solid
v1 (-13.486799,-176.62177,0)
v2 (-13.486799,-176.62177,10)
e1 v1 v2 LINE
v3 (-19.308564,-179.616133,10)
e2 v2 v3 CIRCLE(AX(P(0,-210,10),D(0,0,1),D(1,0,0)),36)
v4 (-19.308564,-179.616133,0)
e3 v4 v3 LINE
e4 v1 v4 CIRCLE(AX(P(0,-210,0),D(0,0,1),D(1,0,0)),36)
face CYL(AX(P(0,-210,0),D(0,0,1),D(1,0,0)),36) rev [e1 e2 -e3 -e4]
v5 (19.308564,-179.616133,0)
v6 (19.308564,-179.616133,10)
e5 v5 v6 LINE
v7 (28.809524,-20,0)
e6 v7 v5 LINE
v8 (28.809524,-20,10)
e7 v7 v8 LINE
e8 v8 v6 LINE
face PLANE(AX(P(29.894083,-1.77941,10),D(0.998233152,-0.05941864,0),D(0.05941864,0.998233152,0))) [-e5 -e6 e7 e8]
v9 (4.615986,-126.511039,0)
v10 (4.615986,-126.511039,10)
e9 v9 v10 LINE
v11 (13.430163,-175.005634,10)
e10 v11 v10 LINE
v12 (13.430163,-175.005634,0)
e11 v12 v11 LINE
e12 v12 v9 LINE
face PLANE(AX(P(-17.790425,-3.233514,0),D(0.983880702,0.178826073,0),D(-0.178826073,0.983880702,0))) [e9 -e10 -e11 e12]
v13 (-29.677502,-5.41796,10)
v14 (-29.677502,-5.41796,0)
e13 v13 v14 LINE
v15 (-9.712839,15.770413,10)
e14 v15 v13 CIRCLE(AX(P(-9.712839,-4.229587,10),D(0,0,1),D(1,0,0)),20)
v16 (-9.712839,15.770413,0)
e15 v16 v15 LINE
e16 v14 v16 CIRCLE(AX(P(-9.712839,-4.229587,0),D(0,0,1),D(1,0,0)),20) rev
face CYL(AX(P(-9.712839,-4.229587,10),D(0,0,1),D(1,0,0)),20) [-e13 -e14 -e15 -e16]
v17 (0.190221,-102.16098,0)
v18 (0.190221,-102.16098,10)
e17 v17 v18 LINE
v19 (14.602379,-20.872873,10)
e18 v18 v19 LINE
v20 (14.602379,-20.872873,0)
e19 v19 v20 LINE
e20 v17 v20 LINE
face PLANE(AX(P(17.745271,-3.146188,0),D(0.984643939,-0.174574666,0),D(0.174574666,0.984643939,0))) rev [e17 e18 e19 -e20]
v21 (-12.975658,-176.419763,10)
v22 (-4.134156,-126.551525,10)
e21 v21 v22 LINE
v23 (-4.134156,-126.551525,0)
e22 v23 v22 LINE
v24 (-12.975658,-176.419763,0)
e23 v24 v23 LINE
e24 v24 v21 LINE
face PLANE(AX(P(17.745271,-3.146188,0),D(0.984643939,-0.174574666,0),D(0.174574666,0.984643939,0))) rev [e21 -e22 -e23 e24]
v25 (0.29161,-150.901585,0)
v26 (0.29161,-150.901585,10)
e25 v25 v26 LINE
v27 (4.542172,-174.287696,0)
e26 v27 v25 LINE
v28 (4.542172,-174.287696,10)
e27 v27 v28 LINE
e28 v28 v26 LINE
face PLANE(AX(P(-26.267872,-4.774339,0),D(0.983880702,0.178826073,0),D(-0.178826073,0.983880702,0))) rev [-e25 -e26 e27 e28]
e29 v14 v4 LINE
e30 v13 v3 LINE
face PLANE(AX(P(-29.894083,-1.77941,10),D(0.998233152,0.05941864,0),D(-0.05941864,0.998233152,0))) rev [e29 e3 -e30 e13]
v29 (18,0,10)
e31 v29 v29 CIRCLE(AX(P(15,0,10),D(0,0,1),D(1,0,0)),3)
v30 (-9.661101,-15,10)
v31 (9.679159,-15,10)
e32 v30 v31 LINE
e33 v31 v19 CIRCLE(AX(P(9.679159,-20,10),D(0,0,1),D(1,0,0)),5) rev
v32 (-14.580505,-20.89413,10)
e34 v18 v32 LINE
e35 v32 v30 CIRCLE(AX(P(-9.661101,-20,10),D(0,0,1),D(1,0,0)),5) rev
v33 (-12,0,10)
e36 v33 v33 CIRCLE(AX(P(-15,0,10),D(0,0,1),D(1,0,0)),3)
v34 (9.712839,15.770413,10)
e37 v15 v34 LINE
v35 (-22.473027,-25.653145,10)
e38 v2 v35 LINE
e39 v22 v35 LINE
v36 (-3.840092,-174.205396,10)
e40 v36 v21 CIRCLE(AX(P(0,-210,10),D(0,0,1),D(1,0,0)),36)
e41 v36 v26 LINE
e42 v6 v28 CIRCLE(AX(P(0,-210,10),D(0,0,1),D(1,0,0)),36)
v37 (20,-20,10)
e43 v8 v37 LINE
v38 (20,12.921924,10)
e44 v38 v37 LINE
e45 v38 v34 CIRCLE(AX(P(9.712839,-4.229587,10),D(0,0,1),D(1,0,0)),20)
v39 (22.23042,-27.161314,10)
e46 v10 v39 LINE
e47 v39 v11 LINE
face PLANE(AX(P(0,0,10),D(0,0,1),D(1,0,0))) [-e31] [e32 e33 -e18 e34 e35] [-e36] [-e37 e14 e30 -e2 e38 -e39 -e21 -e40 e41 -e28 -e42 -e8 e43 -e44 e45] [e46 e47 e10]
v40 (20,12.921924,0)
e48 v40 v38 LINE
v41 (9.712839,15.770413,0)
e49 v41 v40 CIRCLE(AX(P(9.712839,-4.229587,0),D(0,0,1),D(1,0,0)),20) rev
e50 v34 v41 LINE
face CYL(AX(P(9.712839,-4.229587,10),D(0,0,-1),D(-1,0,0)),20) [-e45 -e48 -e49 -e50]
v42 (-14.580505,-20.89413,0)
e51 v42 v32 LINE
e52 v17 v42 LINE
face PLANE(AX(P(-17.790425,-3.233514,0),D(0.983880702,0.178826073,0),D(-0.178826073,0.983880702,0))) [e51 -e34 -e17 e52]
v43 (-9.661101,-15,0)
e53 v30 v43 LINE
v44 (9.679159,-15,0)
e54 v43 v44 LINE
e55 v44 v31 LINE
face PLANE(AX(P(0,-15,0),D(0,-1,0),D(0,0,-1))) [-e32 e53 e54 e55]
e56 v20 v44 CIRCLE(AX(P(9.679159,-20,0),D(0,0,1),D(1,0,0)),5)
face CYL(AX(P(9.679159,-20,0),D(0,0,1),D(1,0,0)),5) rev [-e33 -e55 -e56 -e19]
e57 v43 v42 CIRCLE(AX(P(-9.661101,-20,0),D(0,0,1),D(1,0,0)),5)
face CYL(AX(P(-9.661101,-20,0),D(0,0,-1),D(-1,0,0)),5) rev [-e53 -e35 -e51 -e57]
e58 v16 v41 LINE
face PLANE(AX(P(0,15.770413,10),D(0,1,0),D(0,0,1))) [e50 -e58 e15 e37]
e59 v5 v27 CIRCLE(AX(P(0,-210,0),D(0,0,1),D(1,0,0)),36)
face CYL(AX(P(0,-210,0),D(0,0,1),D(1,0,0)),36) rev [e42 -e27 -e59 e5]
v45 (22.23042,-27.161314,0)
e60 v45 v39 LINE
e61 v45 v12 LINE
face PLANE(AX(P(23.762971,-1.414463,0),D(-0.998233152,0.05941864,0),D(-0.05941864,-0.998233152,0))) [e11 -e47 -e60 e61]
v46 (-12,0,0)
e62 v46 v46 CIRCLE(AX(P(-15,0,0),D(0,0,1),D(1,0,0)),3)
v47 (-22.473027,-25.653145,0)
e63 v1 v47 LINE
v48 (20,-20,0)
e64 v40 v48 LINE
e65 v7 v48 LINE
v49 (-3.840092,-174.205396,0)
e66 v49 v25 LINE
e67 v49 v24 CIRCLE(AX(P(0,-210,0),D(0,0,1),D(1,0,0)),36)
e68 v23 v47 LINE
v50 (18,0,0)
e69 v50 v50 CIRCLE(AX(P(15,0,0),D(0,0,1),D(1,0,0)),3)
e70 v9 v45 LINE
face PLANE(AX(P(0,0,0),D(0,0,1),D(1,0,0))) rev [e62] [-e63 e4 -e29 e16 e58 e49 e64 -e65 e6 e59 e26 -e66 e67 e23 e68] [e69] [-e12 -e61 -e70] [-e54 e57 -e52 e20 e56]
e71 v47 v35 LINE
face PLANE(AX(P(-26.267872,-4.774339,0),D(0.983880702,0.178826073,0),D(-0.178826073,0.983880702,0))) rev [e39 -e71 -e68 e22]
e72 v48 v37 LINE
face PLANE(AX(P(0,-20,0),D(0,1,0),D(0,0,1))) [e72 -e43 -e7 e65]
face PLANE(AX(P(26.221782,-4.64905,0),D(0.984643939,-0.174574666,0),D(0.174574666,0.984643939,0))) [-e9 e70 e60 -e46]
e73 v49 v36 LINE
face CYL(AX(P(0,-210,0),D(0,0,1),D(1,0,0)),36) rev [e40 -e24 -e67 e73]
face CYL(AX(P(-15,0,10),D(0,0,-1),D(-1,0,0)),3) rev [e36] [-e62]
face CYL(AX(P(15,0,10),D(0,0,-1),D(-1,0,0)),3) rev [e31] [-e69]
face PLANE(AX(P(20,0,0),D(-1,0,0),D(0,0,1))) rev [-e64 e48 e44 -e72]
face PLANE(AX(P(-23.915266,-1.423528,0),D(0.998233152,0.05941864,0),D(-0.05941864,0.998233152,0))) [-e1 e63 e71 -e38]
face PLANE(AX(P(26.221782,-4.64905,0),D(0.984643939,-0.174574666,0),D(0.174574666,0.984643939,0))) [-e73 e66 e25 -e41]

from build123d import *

# Parameters (mm, degrees)
SKETCH1_R           = 3
BOSS_EXTRUDE2_DEPTH = 10
FILLET1_R           = 20
FILLET2_R           = 20
CUT_EXTRUDE1_START  = -10
CUT_EXTRUDE1_DEPTH  = 10
FILLET3_R           = 5
CUT_EXTRUDE5_START  = -10
SKETCH5_W           = 12
SKETCH5_H           = 10
CUT_EXTRUDE5_DEPTH  = 10


with BuildPart() as part:
    # Sketch1 → Boss-Extrude2 (new body)
    with BuildSketch(Plane.XY):
        with BuildLine():
            Line((-30, 15.770412854), (-30, 0))
            Line((-30, 0), (-17.5, -210))
            ThreePointArc((-17.5, -210), (0, -227.5), (17.5, -210))
            Line((17.5, -210), (30, 0))
            Line((30, 0), (30, 15.770412854))
            Line((30, 15.770412854), (-30, 15.770412854))
        make_face()
        with Locations((-15, 0)):
            Circle(SKETCH1_R, mode=Mode.SUBTRACT)
        with Locations((15, 0)):
            Circle(SKETCH1_R, mode=Mode.SUBTRACT)
        Polygon((0, -205), (6, -205), (6, -215), (-6, -215), (-6, -205), align=None, mode=Mode.SUBTRACT)
    extrude(amount=BOSS_EXTRUDE2_DEPTH)

    # Fillet1
    fillet1_edges = [part.edges().sort_by_distance(p)[0] for p in [
        (-30, 15.770412854, 5),
    ]]
    fillet(fillet1_edges, radius=FILLET1_R)

    # Fillet2
    fillet2_edges = [part.edges().sort_by_distance(p)[0] for p in [
        (30, 15.770412854, 5),
    ]]
    fillet(fillet2_edges, radius=FILLET2_R)

    # Sketch4 → Cut-Extrude1 (cut)
    with BuildSketch(Plane.XY.offset(10).offset(CUT_EXTRUDE1_START)):
        Polygon((-15.651797422, -15), (0.190220551, -102.160979768), (15.643622882, -15), (15, -15), align=None)
        Polygon((-22.473027071, -25.6531452), (-13.367328465, -178.628881795), (-4.134156204, -126.551525408), align=None)
        Polygon((22.230419841, -27.161313899), (4.615986353, -126.511039477), (13.430162671, -175.005634359), align=None)
        with BuildLine():
            Line((0.291609598, -150.901585116), (-7.372445375, -194.128735111))
            ThreePointArc((-7.372445375, -194.128735111), (0.476576628, -192.506490497), (8.225632191, -194.553674383))
            Line((8.225632191, -194.553674383), (0.291609598, -150.901585116))
        make_face()
    extrude(amount=CUT_EXTRUDE1_DEPTH, mode=Mode.SUBTRACT)

    # Fillet3
    fillet3_edges = [part.edges().sort_by_distance(p)[0] for p in [
        (8.225632191, -194.553674383, 5),
        (-7.372445375, -194.128735111, 5),
        (-15.651797422, -15, 5),
        (15.643622882, -15, 5),
    ]]
    fillet(fillet3_edges, radius=FILLET3_R)

    # Sketch5 → Cut-Extrude5 (cut)
    # profile 1 of 10: a face of its own
    with BuildSketch(Plane.XY.offset(10).offset(CUT_EXTRUDE5_START)):
        with BuildLine():
            Line((29.260488635, 0), (20, 0))
            Line((20, 0), (20, -20))
            Line((20, -20), (28.80952381, -20))
            Line((28.80952381, -20), (29.677502384, -5.417959945))
            ThreePointArc((29.677502384, -5.417959945), (29.653859351, -2.694751229), (29.260488635, 0))
        make_face()
    # profile 2 of 10: a face of its own
    with BuildSketch(Plane.XY.offset(10).offset(CUT_EXTRUDE5_START)):
        with BuildLine():
            Line((20, 12.921923742), (20, 0))
            Line((20, 0), (29.260488635, 0))
            ThreePointArc((29.260488635, 0), (25.96931496, 7.420606017), (20, 12.921923742))
        make_face()
    # profile 3 of 10: a face of its own
    with BuildSketch(Plane.XY.offset(10).offset(CUT_EXTRUDE5_START)):
        with BuildLine():
            Line((4.816305425, -175.795946561), (11.228656567, -175.795946561))
            ThreePointArc((11.228656567, -175.795946561), (7.921392788, -174.882318751), (4.542172021, -174.287695771))
            Line((4.542172021, -174.287695771), (4.816305425, -175.795946561))
        make_face()
    # profile 4 of 10: a face of its own
    with BuildSketch(Plane.XY.offset(10).offset(CUT_EXTRUDE5_START)):
        with BuildLine():
            ThreePointArc((19.308563513, -179.61613298), (15.387621929, -177.454323), (11.228656567, -175.795946561))
            Line((11.228656567, -175.795946561), (4.816305425, -175.795946561))
            Line((4.816305425, -175.795946561), (4.879901452, -176.145844664))
            ThreePointArc((4.879901452, -176.145844664), (12.347146855, -178.102269105), (19.185515511, -181.683339422))
            Line((19.185515511, -181.683339422), (19.308563513, -179.61613298))
        make_face()
    # profile 5 of 10: a face of its own
    with BuildSketch(Plane.XY.offset(10).offset(CUT_EXTRUDE5_START)):
        with BuildLine():
            Line((18.887385797, -186.691918617), (19.185515511, -181.683339422))
            ThreePointArc((19.185515511, -181.683339422), (12.347146855, -178.102269105), (4.879901452, -176.145844664))
            Line((4.879901452, -176.145844664), (5.679005105, -180.54242201))
            ThreePointArc((5.679005105, -180.54242201), (12.662186526, -182.803142969), (18.887385797, -186.691918617))
        make_face()
    # profile 6 of 10: a face of its own
    with BuildSketch(Plane.XY.offset(10).offset(CUT_EXTRUDE5_START)):
        with BuildLine():
            Line((17.5, -210), (18.887385797, -186.691918617))
            ThreePointArc((18.887385797, -186.691918617), (12.662186526, -182.803142969), (5.679005105, -180.54242201))
            Line((5.679005105, -180.54242201), (6.795310384, -186.684206595))
            ThreePointArc((6.795310384, -186.684206595), (5.577551358, -190.939561161), (1.45903868, -192.560928748))
            ThreePointArc((1.45903868, -192.560928748), (0.292984986, -192.502452749), (-0.874372768, -192.521857299))
            ThreePointArc((-0.874372768, -192.521857299), (-4.874459747, -190.834989527), (-6.047413252, -186.655228912))
            Line((-6.047413252, -186.655228912), (-4.940068564, -180.409533248))
            ThreePointArc((-4.940068564, -180.409533248), (-12.320876057, -182.646828096), (-18.887385797, -186.691918617))
            Line((-18.887385797, -186.691918617), (-17.5, -210))
            ThreePointArc((-17.5, -210), (0, -227.5), (17.5, -210))
        make_face()
        with Locations((0, -210)):
            Rectangle(SKETCH5_W, SKETCH5_H, mode=Mode.SUBTRACT)
    # profile 7 of 10: a face of its own
    with BuildSketch(Plane.XY.offset(10).offset(CUT_EXTRUDE5_START)):
        with BuildLine():
            Line((-4.167269409, -176.050756454), (-4.122092315, -175.795946561))
            Line((-4.122092315, -175.795946561), (-11.228656567, -175.795946561))
            ThreePointArc((-11.228656567, -175.795946561), (-12.106175916, -176.096600396), (-12.975657802, -176.419763184))
            Line((-12.975657802, -176.419763184), (-13.345719148, -178.506999951))
            ThreePointArc((-13.345719148, -178.506999951), (-8.842198544, -176.958619935), (-4.167269409, -176.050756454))
        make_face()
    # profile 8 of 10: a face of its own
    with BuildSketch(Plane.XY.offset(10).offset(CUT_EXTRUDE5_START)):
        with BuildLine():
            Line((-4.122092315, -175.795946561), (-3.840092025, -174.205395752))
            ThreePointArc((-3.840092025, -174.205395752), (-7.576229867, -174.806240028), (-11.228656567, -175.795946561))
            Line((-11.228656567, -175.795946561), (-4.122092315, -175.795946561))
        make_face()
    # profile 9 of 10: a face of its own
    with BuildSketch(Plane.XY.offset(10).offset(CUT_EXTRUDE5_START)):
        with BuildLine():
            ThreePointArc((-13.486799408, -176.621769943), (-16.46588928, -177.986339006), (-19.308563513, -179.61613298))
            Line((-19.308563513, -179.61613298), (-19.185515511, -181.683339422))
            ThreePointArc((-19.185515511, -181.683339422), (-16.356398794, -179.96026814), (-13.373872309, -178.518945203))
            Line((-13.373872309, -178.518945203), (-13.486799408, -176.621769943))
        make_face()
    # profile 10 of 10: a face of its own
    with BuildSketch(Plane.XY.offset(10).offset(CUT_EXTRUDE5_START)):
        with BuildLine():
            Line((-4.940068564, -180.409533248), (-4.167269409, -176.050756454))
            ThreePointArc((-4.167269409, -176.050756454), (-8.842198544, -176.958619935), (-13.345719148, -178.506999951))
            Line((-13.345719148, -178.506999951), (-13.367328465, -178.628881795))
            Line((-13.367328465, -178.628881795), (-13.373872309, -178.518945203))
            ThreePointArc((-13.373872309, -178.518945203), (-16.356398794, -179.96026814), (-19.185515511, -181.683339422))
            Line((-19.185515511, -181.683339422), (-18.887385797, -186.691918617))
            ThreePointArc((-18.887385797, -186.691918617), (-12.320876057, -182.646828096), (-4.940068564, -180.409533248))
        make_face()
    extrude(amount=CUT_EXTRUDE5_DEPTH, mode=Mode.SUBTRACT)


solid = part.part
